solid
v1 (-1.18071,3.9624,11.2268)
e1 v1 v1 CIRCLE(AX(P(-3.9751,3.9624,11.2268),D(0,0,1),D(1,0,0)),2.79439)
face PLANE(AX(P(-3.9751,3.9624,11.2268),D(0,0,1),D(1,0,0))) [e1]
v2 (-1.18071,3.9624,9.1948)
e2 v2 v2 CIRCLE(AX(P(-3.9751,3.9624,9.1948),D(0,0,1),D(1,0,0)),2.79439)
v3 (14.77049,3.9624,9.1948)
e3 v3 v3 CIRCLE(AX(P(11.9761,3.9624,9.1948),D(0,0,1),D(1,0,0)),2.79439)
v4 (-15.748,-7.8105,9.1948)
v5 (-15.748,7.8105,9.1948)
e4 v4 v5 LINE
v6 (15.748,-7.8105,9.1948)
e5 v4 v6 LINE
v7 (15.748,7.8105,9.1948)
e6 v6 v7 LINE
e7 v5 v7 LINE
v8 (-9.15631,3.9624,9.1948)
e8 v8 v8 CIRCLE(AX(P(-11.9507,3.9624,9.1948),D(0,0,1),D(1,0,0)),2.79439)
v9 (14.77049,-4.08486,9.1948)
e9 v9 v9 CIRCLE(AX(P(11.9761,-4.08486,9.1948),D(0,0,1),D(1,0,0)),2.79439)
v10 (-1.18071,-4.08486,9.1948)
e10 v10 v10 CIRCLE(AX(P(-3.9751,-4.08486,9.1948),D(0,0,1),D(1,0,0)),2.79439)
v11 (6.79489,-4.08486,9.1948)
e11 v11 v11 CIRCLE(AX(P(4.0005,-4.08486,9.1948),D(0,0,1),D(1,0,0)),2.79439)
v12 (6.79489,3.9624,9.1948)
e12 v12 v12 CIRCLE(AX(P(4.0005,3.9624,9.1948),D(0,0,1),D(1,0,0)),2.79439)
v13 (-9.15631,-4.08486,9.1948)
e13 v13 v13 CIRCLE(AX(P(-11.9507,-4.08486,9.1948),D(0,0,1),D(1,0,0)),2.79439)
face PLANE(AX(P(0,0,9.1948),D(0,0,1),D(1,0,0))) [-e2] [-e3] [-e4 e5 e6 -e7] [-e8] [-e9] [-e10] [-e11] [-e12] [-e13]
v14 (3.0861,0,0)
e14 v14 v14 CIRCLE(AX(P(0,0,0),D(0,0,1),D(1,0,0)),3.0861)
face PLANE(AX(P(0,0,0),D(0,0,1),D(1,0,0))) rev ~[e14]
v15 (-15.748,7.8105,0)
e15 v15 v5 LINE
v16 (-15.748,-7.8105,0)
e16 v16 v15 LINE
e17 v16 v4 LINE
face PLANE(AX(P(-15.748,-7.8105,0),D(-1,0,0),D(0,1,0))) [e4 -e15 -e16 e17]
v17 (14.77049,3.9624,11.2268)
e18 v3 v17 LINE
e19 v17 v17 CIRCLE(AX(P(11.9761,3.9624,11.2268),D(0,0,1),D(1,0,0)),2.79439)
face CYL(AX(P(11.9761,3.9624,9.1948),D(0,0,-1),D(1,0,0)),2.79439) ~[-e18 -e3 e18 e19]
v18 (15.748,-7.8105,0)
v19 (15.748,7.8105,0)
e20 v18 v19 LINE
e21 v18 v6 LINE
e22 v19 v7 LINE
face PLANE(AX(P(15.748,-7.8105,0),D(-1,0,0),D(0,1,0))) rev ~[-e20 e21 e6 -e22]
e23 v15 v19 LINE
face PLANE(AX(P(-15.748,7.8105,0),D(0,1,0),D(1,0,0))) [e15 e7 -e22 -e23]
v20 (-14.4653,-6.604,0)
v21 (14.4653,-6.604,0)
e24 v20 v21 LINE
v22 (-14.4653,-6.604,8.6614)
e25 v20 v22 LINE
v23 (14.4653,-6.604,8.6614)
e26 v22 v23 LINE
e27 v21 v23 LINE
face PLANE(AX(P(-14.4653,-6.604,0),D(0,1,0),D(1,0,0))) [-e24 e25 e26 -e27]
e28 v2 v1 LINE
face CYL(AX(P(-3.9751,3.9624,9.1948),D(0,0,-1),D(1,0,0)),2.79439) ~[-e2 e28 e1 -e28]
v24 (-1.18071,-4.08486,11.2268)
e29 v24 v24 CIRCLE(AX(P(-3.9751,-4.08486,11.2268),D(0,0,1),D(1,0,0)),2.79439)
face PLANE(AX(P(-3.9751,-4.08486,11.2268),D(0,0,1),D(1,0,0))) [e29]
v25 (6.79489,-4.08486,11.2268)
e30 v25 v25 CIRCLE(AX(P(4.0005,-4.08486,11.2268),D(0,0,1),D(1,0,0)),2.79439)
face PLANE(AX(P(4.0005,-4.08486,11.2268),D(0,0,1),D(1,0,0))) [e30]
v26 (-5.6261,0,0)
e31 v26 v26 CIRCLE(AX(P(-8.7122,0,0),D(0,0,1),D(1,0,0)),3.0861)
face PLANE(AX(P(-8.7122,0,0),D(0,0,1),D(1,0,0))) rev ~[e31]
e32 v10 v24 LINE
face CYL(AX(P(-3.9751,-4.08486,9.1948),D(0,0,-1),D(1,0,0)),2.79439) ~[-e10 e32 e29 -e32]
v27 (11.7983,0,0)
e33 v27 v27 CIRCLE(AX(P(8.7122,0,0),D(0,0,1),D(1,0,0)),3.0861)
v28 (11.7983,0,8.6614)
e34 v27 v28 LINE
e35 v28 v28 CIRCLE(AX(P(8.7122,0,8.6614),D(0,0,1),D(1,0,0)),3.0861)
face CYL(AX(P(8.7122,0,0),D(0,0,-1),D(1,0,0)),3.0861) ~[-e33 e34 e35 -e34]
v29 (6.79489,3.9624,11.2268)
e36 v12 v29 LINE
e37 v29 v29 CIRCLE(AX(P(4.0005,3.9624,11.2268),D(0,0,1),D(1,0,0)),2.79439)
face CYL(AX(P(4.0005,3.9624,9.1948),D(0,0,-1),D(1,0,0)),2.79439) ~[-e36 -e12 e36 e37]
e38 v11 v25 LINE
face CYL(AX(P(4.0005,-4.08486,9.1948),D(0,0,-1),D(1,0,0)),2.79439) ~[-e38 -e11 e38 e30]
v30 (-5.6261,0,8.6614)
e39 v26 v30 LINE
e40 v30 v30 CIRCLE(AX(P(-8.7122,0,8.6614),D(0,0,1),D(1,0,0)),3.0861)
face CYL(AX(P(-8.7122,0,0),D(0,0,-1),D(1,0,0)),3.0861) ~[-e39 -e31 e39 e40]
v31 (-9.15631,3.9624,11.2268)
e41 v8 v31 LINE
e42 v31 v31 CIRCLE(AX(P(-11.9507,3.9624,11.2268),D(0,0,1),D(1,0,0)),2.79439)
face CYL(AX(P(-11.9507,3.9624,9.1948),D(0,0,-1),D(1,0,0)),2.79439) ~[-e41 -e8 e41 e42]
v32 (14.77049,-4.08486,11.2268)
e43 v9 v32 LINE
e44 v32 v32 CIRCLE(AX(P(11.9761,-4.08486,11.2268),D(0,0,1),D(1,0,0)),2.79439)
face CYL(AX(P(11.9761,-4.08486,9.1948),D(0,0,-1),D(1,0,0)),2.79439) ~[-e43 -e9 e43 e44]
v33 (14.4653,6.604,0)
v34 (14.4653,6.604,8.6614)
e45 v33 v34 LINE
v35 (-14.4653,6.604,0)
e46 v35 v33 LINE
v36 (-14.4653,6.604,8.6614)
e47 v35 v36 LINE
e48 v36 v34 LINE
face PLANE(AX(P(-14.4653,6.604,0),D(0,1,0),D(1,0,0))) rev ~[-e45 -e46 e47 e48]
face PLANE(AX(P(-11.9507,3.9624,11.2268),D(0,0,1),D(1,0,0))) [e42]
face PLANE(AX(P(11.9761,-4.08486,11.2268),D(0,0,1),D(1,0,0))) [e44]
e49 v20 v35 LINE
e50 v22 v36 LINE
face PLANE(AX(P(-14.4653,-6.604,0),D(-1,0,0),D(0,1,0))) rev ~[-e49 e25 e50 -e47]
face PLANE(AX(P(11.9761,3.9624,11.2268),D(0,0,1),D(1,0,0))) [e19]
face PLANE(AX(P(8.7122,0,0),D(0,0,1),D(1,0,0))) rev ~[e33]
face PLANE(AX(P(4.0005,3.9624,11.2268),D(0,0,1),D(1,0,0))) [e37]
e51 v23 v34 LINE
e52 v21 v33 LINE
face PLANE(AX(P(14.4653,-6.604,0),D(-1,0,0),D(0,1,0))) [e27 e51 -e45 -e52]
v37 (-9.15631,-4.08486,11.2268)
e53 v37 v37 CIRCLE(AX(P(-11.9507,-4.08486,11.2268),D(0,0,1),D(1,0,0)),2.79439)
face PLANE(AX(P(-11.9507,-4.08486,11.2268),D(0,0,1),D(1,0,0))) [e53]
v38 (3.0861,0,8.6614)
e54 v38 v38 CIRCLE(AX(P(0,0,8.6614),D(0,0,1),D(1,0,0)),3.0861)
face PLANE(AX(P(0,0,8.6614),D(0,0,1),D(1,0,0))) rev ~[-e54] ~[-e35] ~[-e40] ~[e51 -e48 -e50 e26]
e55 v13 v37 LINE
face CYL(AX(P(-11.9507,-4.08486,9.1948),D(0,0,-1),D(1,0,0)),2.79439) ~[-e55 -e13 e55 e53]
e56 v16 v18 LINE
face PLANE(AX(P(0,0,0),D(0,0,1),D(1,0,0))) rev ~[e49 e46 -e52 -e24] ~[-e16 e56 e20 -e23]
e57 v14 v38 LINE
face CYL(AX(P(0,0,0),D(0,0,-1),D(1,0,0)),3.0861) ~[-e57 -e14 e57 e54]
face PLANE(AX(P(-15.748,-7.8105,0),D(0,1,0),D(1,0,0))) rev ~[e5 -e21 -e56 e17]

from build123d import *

# Parameters (mm, degrees)
F0_W     = 31.496
F0_H     = 15.621
F1_DEPTH = 9.1948
F3_R     = 2.79439
F4_DEPTH = 2.032
F5_W     = 28.9306
F5_H     = 13.208
F6_DEPTH = 8.6614
F7_R     = 3.0861
F8_DEPTH = 8.6614


with BuildPart() as f1:
    # F0 (on Top) → F1 (new body)
    with BuildSketch(Plane.XY):
        Rectangle(F0_W, F0_H)
    extrude(amount=F1_DEPTH)

    # F3 (on offset) → F4 (join)
    with BuildSketch(Plane.XY.offset(9.1948)):
        with Locations((-11.9507, 3.9624)):
            Circle(F3_R)
        with Locations((-3.9751, 3.9624)):
            Circle(F3_R)
        with Locations((4.0005, 3.9624)):
            Circle(F3_R)
        with Locations((11.9761, 3.9624)):
            Circle(F3_R)
        with Locations((-11.9507, -4.08486)):
            Circle(F3_R)
        with Locations((-3.9751, -4.08486)):
            Circle(F3_R)
        with Locations((4.0005, -4.08486)):
            Circle(F3_R)
        with Locations((11.9761, -4.08486)):
            Circle(F3_R)
    extrude(amount=F4_DEPTH)

    # F5 (on Top) → F6 (cut)
    with BuildSketch(Plane.XY):
        Rectangle(F5_W, F5_H)
    extrude(amount=F6_DEPTH, mode=Mode.SUBTRACT)

    # F7 (on Top) → F8 (join)
    with BuildSketch(Plane.XY):
        Circle(F7_R)
        with Locations((8.7122, 0)):
            Circle(F7_R)
        with Locations((-8.7122, 0)):
            Circle(F7_R)
    extrude(amount=F8_DEPTH)


solid = f1.part
